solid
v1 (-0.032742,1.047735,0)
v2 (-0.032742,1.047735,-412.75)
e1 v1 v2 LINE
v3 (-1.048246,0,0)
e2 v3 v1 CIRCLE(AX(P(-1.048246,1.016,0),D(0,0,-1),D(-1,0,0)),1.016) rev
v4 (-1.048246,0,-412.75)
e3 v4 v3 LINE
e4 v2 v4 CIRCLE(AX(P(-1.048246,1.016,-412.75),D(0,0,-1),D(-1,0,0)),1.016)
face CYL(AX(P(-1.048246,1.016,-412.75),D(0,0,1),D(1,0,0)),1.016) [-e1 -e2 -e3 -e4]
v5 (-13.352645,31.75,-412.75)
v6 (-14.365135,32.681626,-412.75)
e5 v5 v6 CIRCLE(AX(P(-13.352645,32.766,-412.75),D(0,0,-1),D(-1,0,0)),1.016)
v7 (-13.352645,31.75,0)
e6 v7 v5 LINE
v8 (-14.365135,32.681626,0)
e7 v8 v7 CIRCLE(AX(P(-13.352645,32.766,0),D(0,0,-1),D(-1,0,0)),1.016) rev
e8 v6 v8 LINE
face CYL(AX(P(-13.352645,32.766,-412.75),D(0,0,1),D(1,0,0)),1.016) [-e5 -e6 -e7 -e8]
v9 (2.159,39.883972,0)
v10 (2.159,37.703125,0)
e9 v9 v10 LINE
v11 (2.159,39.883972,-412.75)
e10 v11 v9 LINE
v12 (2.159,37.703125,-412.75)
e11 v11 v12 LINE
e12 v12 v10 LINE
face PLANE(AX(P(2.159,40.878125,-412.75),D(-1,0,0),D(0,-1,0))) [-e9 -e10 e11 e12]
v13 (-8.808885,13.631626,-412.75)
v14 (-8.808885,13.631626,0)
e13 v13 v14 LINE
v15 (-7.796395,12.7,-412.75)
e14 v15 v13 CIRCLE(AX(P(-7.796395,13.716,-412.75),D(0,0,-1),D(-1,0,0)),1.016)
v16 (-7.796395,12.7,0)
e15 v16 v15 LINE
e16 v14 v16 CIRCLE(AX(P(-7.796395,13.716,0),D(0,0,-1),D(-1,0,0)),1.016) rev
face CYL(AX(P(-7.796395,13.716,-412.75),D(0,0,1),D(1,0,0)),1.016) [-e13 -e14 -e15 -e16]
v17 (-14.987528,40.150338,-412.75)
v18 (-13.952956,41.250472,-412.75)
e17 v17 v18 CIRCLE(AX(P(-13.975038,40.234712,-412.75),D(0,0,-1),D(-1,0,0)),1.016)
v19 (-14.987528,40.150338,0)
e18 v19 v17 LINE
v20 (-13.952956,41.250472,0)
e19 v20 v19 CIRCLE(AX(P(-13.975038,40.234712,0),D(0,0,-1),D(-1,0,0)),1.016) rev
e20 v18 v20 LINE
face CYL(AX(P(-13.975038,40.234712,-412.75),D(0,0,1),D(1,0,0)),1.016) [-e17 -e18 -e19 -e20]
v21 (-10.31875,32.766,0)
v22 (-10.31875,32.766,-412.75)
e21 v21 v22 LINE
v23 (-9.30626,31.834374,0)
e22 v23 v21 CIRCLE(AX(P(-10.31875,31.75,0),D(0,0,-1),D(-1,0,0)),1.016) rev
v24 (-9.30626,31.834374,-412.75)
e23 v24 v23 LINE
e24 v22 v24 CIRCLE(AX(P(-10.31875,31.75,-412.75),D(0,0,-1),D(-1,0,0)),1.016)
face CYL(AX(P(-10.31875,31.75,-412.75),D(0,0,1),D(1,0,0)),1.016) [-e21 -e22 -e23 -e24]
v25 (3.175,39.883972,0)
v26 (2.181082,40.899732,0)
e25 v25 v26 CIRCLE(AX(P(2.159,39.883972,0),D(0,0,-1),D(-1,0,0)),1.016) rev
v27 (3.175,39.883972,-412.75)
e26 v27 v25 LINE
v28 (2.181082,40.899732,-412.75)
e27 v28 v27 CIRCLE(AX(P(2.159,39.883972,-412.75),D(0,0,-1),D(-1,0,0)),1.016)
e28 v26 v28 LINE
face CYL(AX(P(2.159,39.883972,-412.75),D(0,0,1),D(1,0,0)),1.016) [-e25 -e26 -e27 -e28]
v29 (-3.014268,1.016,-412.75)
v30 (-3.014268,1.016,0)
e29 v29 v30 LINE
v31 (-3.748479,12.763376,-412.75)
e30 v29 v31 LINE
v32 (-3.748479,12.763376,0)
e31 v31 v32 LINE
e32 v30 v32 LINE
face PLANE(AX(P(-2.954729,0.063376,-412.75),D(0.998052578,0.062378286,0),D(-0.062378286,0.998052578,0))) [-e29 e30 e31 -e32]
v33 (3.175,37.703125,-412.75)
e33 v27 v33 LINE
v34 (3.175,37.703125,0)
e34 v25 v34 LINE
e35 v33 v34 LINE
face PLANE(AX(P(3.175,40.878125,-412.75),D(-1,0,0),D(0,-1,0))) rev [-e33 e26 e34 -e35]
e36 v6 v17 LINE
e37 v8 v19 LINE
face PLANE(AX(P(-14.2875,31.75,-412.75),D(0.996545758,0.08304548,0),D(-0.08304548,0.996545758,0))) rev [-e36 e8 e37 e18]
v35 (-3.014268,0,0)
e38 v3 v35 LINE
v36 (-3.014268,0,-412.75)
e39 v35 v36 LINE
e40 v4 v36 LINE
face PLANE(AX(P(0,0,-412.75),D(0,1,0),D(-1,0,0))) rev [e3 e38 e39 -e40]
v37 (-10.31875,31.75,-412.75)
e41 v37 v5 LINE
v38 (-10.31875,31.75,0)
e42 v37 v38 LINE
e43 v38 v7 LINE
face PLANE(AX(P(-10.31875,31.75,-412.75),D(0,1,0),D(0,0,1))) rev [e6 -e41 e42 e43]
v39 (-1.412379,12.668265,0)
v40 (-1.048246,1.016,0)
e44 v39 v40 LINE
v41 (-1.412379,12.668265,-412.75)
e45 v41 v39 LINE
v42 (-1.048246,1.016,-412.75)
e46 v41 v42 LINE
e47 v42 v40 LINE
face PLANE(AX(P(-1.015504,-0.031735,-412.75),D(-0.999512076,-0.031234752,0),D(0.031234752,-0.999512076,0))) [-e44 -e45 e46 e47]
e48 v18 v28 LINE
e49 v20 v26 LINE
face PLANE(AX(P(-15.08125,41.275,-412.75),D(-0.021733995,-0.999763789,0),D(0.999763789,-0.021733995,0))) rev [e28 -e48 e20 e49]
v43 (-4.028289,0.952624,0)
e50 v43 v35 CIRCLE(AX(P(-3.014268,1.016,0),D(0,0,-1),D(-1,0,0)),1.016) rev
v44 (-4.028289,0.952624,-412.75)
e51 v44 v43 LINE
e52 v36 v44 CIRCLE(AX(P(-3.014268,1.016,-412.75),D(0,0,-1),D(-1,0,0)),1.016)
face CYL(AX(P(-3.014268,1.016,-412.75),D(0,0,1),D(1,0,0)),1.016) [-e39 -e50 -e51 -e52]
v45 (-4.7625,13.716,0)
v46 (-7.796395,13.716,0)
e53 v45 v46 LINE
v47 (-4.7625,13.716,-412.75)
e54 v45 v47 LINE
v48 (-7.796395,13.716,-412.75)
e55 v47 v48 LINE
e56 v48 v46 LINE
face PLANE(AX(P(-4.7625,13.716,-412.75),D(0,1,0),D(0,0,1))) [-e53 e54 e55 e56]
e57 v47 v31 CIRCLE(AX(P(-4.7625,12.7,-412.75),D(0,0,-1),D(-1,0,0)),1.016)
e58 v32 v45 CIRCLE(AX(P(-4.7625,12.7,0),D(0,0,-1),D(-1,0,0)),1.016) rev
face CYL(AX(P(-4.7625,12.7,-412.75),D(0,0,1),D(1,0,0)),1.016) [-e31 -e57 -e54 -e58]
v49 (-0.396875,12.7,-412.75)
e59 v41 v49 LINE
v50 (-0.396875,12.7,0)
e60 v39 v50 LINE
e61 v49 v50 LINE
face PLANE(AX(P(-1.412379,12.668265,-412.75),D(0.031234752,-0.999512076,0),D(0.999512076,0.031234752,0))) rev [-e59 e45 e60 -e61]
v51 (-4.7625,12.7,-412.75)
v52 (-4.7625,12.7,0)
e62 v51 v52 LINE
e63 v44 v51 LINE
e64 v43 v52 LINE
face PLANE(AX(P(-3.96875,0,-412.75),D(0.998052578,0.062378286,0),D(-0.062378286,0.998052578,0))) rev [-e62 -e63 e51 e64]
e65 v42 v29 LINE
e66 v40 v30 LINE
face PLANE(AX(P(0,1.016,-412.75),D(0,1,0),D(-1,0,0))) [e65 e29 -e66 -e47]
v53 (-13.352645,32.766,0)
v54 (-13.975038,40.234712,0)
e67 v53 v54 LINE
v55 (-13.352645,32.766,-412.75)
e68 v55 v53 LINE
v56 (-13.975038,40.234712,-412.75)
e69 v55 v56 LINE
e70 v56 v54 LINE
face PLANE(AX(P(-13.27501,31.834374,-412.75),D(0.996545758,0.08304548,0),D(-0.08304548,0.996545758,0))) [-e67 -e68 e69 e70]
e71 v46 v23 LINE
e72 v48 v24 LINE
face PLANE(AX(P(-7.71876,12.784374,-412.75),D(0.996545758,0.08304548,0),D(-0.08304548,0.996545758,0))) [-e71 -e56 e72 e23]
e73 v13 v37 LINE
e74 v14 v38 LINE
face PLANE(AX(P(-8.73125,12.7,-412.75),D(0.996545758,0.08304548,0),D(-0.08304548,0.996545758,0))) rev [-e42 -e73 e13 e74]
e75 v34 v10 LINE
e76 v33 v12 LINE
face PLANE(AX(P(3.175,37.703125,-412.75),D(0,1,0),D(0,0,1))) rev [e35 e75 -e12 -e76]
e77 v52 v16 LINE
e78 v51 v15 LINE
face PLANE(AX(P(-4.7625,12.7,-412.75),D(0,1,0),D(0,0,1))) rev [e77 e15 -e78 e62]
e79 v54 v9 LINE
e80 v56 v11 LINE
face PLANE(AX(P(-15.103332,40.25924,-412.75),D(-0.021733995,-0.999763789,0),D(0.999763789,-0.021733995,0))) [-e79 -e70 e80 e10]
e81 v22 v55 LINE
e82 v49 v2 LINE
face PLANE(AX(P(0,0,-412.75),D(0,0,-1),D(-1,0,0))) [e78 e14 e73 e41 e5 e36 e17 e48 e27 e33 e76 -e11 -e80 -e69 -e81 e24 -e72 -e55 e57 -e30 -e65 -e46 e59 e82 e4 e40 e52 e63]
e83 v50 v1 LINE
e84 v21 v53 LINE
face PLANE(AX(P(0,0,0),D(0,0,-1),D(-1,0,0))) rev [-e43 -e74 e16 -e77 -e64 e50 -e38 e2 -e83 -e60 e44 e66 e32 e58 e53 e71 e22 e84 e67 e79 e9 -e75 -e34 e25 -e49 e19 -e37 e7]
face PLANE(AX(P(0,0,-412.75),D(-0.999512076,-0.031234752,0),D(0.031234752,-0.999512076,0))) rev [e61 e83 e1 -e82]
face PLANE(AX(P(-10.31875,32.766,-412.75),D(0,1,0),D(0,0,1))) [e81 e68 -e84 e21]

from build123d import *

# Parameters (mm, degrees)
EXTRUDE_THIN1_DEPTH = 412.75
FILLET1_R           = 1.016


with BuildPart() as part:
    # Sketch1 → Extrude-Thin1 (new body)
    with BuildSketch(Plane.XY):
        Polygon((3.175, 37.703125), (3.175, 40.878125), (-15.08125, 41.275), (-14.2875, 31.75), (-10.31875, 31.75), (-8.73125, 12.7), (-4.7625, 12.7), (-3.96875, 0), (0, 0), (-0.396875, 12.7), (-1.412379269, 12.668265492), (-1.048245973, 1.016), (-3.014267559, 1.016), (-3.808017559, 13.716), (-7.796394992, 13.716), (-9.383894992, 32.766), (-13.352644992, 32.766), (-13.975037647, 40.234711858), (2.159, 39.883971909), (2.159, 37.703125), align=None)
    extrude(amount=-EXTRUDE_THIN1_DEPTH)

    # Fillet1
    fillet1_edges = [part.edges().sort_by_distance(p)[0] for p in [
        (-9.383894992, 32.766, -206.375),
        (-3.808017559, 13.716, -206.375),
        (0, 0, -206.375),
        (-3.96875, 0, -206.375),
        (-8.73125, 12.7, -206.375),
        (-14.2875, 31.75, -206.375),
        (-15.08125, 41.275, -206.375),
        (3.175, 40.878125, -206.375),
    ]]
    fillet(fillet1_edges, radius=FILLET1_R)


solid = part.part
